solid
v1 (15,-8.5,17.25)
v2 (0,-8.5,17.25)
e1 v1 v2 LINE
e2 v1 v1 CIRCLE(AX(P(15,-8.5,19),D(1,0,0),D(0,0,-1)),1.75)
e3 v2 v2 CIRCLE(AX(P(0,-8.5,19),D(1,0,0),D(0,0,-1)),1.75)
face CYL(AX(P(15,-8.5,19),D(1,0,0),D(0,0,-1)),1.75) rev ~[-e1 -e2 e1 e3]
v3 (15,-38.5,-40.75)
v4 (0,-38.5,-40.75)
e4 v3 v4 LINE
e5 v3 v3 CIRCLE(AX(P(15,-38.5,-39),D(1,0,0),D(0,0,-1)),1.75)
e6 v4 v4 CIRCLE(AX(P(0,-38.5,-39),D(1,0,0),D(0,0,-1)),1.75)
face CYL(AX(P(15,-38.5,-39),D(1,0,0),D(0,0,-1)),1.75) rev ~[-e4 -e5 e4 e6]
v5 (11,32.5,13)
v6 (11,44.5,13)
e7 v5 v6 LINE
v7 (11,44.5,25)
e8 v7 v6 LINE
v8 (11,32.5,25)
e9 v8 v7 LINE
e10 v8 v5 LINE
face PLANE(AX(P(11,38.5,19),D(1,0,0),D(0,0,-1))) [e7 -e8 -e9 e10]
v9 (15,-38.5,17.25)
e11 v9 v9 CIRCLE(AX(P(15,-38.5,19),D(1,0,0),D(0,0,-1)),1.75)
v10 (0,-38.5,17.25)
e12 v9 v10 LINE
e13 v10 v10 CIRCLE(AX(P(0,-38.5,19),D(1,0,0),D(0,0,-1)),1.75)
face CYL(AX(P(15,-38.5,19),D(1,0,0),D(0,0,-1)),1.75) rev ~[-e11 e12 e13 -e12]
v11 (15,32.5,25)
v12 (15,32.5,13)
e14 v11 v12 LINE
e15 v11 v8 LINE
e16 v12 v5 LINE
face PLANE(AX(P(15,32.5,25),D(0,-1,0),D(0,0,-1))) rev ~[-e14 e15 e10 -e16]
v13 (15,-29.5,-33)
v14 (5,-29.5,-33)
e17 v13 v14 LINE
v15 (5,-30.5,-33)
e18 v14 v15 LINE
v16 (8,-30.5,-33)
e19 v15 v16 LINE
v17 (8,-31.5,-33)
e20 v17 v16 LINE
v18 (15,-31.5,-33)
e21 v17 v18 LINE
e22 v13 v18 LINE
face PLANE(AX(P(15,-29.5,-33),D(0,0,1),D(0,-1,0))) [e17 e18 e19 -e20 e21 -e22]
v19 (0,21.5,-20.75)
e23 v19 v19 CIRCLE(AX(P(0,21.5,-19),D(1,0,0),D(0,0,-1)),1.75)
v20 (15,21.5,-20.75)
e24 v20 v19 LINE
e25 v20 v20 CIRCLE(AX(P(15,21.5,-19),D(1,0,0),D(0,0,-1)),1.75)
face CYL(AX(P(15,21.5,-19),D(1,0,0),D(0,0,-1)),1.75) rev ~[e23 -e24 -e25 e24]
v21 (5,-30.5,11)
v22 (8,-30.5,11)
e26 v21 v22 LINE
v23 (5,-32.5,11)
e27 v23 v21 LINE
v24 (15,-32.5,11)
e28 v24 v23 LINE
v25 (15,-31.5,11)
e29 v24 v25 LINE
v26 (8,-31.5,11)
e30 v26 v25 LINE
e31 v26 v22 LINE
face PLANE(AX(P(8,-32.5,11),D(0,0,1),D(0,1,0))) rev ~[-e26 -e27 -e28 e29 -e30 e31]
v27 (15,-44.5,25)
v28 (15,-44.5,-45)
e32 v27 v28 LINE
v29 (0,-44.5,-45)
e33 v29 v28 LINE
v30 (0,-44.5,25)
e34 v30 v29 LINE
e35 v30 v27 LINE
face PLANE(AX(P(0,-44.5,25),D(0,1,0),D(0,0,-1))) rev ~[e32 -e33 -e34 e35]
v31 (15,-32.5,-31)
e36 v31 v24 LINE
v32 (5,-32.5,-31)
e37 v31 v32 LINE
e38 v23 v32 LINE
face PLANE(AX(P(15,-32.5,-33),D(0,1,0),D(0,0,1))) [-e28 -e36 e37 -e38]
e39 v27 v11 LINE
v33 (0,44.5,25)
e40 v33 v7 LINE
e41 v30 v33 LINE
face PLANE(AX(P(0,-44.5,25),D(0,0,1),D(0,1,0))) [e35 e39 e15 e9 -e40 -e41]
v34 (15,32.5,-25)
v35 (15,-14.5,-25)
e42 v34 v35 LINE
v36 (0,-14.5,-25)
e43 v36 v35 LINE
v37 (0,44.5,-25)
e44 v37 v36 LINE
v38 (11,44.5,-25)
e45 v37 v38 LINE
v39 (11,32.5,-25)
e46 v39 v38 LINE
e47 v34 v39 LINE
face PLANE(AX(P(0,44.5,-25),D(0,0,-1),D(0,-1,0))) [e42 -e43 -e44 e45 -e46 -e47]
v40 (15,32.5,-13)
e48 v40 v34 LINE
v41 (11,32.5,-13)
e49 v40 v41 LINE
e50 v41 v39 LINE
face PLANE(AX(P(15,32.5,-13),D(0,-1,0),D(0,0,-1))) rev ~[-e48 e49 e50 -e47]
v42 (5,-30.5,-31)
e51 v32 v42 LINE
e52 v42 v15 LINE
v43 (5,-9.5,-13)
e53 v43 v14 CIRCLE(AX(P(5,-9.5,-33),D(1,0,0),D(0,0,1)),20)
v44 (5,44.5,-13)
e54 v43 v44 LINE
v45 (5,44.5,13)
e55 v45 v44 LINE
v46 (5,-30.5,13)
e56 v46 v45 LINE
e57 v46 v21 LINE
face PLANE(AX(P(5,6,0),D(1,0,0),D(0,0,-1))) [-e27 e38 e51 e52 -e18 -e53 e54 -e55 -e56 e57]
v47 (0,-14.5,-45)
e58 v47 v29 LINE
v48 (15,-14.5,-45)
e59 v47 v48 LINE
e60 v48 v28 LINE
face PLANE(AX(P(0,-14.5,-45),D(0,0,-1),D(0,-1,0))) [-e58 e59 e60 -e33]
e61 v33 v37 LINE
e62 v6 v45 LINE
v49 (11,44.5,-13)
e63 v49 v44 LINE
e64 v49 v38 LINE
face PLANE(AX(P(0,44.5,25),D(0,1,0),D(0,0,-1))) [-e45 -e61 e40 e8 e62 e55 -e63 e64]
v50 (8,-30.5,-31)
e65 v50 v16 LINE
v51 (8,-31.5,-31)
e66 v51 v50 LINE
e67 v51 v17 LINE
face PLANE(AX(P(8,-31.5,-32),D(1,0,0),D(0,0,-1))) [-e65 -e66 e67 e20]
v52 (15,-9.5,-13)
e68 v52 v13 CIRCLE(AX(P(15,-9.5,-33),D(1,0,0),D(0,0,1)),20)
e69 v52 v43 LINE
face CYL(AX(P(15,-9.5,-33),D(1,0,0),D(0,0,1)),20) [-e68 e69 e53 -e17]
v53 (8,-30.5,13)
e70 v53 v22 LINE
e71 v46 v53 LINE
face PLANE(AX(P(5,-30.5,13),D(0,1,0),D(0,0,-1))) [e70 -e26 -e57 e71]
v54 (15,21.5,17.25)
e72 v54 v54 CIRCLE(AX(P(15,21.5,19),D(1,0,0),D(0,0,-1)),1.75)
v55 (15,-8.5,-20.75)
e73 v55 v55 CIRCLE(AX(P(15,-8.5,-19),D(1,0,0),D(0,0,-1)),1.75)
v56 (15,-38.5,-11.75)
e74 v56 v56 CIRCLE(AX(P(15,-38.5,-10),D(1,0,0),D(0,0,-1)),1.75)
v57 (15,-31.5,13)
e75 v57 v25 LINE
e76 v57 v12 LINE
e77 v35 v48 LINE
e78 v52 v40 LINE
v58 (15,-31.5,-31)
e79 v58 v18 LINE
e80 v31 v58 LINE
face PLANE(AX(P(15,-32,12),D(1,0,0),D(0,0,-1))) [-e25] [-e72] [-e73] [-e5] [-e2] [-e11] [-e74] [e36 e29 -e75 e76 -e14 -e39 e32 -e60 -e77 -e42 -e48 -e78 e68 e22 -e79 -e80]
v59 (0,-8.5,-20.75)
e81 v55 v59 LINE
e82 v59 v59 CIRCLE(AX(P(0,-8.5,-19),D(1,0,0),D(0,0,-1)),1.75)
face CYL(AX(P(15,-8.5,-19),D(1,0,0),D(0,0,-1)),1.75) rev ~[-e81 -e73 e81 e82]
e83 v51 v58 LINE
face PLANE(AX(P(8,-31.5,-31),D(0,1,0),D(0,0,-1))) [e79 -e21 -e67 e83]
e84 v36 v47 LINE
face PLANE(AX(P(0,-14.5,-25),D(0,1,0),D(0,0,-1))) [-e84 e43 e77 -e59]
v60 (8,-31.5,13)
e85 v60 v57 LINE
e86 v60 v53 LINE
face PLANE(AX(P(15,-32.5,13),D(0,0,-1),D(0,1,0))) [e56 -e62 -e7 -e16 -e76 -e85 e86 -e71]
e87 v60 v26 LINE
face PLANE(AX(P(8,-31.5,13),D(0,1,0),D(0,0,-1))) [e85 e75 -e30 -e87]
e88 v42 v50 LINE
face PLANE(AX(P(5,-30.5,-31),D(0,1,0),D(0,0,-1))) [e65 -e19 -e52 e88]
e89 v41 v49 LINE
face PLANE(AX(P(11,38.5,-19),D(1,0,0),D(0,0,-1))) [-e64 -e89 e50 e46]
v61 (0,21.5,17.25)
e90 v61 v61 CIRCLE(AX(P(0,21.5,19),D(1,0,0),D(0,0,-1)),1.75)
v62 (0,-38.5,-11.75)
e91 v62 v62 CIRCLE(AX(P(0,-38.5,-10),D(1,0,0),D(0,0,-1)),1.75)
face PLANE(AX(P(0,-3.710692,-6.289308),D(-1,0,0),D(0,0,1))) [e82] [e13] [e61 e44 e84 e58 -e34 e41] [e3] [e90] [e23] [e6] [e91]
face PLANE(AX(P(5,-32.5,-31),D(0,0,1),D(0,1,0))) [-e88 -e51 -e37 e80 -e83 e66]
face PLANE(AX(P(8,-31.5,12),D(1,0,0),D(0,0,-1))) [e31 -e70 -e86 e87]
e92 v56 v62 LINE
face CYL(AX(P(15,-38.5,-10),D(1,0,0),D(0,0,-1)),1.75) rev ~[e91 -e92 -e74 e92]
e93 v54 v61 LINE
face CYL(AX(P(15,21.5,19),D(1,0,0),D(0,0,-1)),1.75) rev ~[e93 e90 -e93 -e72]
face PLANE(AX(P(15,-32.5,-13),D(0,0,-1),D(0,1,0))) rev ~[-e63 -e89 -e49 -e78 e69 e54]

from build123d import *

# Parameters (mm, degrees)
EXTRUDE_2_DEPTH     = 15
SKETCH_4_W          = 26
SKETCH_4_H          = 77
CUT_EXTRUDE_3_DEPTH = 10
CUT_EXTRUDE_5_DEPTH = 10
SKETCH_6_W          = 12
SKETCH_6_H          = 12
CUT_EXTRUDE_6_DEPTH = 4
SKETCH_7_W          = 2
SKETCH_7_H          = 2
EXTRUDE_5_DEPTH     = 3
SKETCH_8_W          = 2
SKETCH_8_H          = 1
EXTRUDE_6_DEPTH     = 7
SKETCH_9_R          = 1.75
CUT_EXTRUDE_7_DEPTH = 16


with BuildPart() as part:
    # ｽｹｯﾁ1 → ﾎﾞｽ - 押し出し2 (new body)
    with BuildSketch(Plane(origin=(0, 0, 0), x_dir=(0, 0, -1), z_dir=(1, 0, 0))):
        Polygon((25, 44.5), (25, -14.5), (45, -14.5), (45, -44.5), (25, -44.5), (-25, -44.5), (-25, 44.5), align=None)
    extrude(amount=EXTRUDE_2_DEPTH)

    # ｽｹｯﾁ4 → ｶｯﾄ - 押し出し3 (cut)
    with BuildSketch(Plane(origin=(15, 0, 0), x_dir=(0, 0, -1), z_dir=(1, 0, 0))):
        with Locations((0, 6)):
            Rectangle(SKETCH_4_W, SKETCH_4_H)
    extrude(amount=-CUT_EXTRUDE_3_DEPTH, mode=Mode.SUBTRACT)

    # ｽｹｯﾁ5 → ｶｯﾄ - 押し出し5 (cut)
    with BuildSketch(Plane(origin=(15, 0, 0), x_dir=(0, 0, -1), z_dir=(1, 0, 0))):
        with BuildLine():
            Line((13, -32.5), (13, -9.5))
            ThreePointArc((13, -9.5), (18.857864376, -23.642135624), (33, -29.5))
            Line((33, -29.5), (33, -32.5))
            Line((33, -32.5), (13, -32.5))
        make_face()
    extrude(amount=-CUT_EXTRUDE_5_DEPTH, mode=Mode.SUBTRACT)

    # ｽｹｯﾁ6 → ｶｯﾄ - 押し出し6 (cut)
    with BuildSketch(Plane(origin=(15, 0, 0), x_dir=(0, 0, -1), z_dir=(1, 0, 0))):
        with Locations((-19, 38.5)):
            Rectangle(SKETCH_6_W, SKETCH_6_H)
        with Locations((19, 38.5)):
            Rectangle(SKETCH_6_W, SKETCH_6_H)
    extrude(amount=-CUT_EXTRUDE_6_DEPTH, mode=Mode.SUBTRACT)

    # ｽｹｯﾁ7 → ﾎﾞｽ - 押し出し5 (add)
    with BuildSketch(Plane(origin=(5, 0, 0), x_dir=(0, 0, -1), z_dir=(1, 0, 0))):
        with Locations((-12, -31.5)):
            Rectangle(SKETCH_7_W, SKETCH_7_H)
        with Locations((32, -31.5)):
            Rectangle(SKETCH_7_W, SKETCH_7_H)
    extrude(amount=EXTRUDE_5_DEPTH)

    # ｽｹｯﾁ8 → ﾎﾞｽ - 押し出し6 (add)
    with BuildSketch(Plane(origin=(8, 0, 0), x_dir=(0, 0, -1), z_dir=(1, 0, 0))):
        with Locations((-12, -32)):
            Rectangle(SKETCH_8_W, SKETCH_8_H)
        with Locations((32, -32)):
            Rectangle(SKETCH_8_W, SKETCH_8_H)
    extrude(amount=EXTRUDE_6_DEPTH)

    # ｽｹｯﾁ9 → ｶｯﾄ - 押し出し7 (cut, through all)
    with BuildSketch(Plane(origin=(15, 0, 0), x_dir=(0, 0, -1), z_dir=(1, 0, 0))):
        with Locations((-19, 21.5)):
            Circle(SKETCH_9_R)
        with Locations((-19, -8.5)):
            Circle(SKETCH_9_R)
        with Locations((-19, -38.5)):
            Circle(SKETCH_9_R)
        with Locations((10, -38.5)):
            Circle(SKETCH_9_R)
        with Locations((39, -38.5)):
            Circle(SKETCH_9_R)
        with Locations((19, -8.5)):
            Circle(SKETCH_9_R)
        with Locations((19, 21.5)):
            Circle(SKETCH_9_R)
    extrude(amount=-CUT_EXTRUDE_7_DEPTH, mode=Mode.SUBTRACT)


solid = part.part
